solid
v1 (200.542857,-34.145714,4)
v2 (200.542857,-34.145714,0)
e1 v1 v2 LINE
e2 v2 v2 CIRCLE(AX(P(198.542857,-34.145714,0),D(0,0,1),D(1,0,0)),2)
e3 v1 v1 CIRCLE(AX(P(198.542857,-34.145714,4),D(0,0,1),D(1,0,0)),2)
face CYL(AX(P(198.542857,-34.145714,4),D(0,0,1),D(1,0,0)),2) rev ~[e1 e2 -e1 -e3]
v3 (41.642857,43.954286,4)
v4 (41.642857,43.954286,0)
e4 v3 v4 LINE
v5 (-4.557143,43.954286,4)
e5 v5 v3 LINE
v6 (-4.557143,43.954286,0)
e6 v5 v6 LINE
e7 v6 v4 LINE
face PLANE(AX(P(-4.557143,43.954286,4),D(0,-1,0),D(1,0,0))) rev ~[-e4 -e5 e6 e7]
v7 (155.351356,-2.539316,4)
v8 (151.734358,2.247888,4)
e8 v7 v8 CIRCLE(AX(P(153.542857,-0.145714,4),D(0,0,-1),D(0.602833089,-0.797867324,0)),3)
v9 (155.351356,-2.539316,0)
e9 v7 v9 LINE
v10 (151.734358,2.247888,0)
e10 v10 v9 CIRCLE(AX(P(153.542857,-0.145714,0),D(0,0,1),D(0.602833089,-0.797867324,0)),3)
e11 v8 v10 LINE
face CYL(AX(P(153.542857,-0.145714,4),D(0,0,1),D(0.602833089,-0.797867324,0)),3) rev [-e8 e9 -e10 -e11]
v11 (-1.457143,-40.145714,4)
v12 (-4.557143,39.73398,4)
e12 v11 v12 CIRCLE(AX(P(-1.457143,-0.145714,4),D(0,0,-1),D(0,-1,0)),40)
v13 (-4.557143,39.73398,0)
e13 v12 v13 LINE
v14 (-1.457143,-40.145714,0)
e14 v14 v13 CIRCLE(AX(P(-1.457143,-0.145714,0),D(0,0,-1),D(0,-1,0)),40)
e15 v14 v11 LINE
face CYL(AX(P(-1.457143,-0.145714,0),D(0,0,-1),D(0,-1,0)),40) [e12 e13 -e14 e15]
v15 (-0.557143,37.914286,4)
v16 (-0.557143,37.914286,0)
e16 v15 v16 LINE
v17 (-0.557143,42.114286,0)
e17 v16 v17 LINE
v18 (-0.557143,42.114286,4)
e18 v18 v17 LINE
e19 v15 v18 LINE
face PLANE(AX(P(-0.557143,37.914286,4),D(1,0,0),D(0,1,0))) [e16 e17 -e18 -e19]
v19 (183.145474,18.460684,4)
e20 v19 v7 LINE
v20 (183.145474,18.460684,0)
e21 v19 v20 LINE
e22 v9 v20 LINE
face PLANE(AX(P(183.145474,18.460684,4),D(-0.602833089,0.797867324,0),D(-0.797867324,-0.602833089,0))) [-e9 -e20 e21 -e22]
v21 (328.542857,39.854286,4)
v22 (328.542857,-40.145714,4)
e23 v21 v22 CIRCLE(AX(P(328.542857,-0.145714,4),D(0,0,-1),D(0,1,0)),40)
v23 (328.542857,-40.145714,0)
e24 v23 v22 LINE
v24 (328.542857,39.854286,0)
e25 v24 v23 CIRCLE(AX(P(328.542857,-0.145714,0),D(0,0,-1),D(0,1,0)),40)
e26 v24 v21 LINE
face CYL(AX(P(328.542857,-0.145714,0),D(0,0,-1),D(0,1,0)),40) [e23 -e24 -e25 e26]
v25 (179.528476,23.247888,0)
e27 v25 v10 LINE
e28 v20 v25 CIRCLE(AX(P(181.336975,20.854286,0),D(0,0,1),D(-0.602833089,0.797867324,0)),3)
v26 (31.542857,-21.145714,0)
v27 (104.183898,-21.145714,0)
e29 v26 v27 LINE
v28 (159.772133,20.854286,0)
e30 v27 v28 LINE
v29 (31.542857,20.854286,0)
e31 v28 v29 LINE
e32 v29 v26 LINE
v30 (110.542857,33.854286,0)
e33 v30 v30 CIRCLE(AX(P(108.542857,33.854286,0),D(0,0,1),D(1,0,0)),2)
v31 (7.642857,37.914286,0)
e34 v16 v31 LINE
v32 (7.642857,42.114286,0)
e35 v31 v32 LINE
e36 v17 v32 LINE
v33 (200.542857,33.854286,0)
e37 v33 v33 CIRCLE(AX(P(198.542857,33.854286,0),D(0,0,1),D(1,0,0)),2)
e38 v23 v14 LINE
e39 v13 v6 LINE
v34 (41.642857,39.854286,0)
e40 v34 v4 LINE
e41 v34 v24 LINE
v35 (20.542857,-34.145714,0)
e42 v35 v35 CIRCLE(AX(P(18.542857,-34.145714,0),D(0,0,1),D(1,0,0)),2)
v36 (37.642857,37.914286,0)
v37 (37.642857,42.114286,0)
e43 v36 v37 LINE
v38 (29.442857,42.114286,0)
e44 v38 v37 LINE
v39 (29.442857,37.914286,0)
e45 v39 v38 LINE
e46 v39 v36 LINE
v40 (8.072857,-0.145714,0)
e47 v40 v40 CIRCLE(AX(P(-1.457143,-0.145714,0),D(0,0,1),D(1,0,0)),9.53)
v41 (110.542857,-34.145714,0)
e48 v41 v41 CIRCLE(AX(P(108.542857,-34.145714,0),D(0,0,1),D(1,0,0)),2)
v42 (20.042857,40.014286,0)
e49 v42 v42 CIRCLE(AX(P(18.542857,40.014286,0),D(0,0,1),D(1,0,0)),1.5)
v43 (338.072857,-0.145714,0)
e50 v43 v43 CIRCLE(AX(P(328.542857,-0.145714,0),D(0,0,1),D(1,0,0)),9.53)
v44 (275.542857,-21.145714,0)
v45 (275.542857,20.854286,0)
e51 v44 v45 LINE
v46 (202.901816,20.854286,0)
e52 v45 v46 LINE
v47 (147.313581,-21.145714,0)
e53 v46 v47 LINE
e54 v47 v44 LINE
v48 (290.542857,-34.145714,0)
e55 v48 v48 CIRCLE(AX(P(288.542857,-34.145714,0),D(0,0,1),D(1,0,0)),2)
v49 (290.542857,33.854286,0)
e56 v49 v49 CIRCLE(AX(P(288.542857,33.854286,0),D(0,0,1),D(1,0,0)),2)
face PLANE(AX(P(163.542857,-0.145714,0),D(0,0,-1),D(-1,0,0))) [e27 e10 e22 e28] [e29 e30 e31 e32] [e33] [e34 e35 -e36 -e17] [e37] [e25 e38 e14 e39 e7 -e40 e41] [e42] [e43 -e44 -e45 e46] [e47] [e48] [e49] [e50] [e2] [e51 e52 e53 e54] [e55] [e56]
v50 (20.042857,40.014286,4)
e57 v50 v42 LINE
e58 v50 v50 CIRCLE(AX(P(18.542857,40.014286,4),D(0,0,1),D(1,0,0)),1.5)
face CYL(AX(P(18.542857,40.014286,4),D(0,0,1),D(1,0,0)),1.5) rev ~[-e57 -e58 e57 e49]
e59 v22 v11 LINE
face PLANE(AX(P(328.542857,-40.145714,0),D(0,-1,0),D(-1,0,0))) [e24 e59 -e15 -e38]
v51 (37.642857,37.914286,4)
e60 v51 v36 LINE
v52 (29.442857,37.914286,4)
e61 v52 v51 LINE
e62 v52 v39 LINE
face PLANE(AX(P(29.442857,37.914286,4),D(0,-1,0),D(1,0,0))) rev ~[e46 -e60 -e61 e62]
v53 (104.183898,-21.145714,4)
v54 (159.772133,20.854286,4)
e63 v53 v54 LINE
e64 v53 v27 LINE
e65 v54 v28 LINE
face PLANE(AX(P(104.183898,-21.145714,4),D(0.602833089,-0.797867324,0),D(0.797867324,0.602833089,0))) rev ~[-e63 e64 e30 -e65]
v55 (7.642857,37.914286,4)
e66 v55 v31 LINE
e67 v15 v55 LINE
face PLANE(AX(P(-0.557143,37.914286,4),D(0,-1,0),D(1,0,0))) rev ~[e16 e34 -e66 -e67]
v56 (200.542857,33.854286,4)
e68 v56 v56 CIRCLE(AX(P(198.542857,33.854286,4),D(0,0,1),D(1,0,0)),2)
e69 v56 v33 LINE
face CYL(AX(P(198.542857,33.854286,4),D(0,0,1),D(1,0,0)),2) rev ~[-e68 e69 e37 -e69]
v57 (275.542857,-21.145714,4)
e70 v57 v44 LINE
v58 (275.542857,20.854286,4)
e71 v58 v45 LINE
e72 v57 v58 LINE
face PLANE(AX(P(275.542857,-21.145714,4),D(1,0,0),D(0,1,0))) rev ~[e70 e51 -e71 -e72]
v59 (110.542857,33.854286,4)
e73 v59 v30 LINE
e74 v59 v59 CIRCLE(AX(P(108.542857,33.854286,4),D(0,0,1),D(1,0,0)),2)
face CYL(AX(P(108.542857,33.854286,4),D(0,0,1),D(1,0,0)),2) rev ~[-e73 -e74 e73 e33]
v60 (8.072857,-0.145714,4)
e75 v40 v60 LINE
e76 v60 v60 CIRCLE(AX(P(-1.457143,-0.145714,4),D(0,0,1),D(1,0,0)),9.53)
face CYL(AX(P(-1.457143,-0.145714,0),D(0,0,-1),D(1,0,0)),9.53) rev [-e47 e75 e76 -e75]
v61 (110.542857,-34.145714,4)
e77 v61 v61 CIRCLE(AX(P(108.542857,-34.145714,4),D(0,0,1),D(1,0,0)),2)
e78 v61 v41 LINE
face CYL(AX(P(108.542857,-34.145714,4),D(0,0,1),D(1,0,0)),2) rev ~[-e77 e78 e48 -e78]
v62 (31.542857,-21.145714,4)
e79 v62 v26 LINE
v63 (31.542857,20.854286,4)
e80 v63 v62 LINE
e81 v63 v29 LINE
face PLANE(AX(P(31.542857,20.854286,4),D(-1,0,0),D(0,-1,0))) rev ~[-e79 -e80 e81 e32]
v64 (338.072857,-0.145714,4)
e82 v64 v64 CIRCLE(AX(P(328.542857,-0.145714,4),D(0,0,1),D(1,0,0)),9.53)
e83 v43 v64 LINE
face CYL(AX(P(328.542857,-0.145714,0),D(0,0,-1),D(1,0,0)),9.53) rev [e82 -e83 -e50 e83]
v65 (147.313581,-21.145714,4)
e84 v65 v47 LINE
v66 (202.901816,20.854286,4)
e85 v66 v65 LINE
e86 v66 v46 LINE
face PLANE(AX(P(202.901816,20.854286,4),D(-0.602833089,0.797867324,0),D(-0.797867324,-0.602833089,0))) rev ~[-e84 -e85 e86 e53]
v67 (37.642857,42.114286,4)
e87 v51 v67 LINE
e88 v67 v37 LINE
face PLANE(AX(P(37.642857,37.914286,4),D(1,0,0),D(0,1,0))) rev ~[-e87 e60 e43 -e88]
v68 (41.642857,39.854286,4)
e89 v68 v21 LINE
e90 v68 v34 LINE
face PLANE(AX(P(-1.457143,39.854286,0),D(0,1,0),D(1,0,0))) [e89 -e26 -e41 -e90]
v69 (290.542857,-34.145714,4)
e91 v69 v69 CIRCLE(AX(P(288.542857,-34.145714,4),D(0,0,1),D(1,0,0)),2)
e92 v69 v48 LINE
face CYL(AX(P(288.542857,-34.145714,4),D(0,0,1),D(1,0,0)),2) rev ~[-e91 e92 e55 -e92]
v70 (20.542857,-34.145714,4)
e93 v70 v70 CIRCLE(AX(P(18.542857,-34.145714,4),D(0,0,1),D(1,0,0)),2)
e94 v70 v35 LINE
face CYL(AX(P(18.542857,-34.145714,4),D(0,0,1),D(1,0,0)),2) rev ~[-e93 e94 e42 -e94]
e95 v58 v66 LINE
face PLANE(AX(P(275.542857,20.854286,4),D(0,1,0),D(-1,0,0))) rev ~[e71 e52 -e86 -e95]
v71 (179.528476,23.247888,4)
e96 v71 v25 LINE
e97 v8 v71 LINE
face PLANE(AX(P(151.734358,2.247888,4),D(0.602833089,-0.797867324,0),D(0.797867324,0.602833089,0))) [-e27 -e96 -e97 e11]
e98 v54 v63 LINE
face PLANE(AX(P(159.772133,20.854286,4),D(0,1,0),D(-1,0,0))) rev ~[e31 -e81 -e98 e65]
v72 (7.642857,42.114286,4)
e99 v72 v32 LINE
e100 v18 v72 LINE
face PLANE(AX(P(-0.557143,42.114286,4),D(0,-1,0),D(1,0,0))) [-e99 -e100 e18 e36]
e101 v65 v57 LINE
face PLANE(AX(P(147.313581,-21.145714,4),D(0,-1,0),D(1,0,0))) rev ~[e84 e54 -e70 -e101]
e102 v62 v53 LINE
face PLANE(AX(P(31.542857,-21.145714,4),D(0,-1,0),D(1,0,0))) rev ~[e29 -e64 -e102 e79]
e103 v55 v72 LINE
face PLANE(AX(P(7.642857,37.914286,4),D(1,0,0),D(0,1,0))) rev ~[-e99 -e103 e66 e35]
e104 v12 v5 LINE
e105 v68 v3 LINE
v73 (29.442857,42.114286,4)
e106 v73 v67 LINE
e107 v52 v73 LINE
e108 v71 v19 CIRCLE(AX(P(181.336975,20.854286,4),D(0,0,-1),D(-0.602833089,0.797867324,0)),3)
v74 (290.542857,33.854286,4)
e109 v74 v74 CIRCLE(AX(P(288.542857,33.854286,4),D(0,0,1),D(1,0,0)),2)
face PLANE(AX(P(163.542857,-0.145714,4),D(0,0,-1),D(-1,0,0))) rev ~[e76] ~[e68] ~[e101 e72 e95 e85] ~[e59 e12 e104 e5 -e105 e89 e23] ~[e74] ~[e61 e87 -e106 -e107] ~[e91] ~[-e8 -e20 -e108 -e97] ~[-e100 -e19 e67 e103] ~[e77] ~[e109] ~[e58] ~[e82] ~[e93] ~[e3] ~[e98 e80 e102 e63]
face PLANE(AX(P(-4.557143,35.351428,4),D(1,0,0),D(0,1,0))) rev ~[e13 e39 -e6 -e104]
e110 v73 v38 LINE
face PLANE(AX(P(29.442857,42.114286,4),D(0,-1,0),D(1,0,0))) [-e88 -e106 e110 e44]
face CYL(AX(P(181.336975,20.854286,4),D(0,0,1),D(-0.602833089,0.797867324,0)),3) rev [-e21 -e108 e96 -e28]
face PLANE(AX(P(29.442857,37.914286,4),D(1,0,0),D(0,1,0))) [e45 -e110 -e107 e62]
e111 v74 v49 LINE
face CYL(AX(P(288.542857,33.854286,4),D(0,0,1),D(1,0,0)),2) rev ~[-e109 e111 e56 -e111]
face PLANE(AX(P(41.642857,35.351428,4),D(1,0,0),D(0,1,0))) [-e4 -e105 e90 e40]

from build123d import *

# Parameters (mm, degrees)
SKETCH_1_R          = 9.53
EXTRUDE_1_DEPTH     = 4
SKETCH_4_W          = 46.2
SKETCH_4_H          = 8.602857229
EXTRUDE_2_DEPTH     = 4
SKETCH_2_R          = 2
SKETCH_2_R_2        = 1.5
SKETCH_2_W          = 8.2
SKETCH_2_H          = 4.2
CUT_EXTRUDE_1_DEPTH = 4
CUT_EXTRUDE_2_DEPTH = 10


with BuildPart() as part:
    # 草图1 → 凸台-拉伸1 (new body)
    with BuildSketch(Plane.XY):
        with BuildLine():
            Line((328.542857143, -40.145714286), (-1.457142857, -40.145714286))
            ThreePointArc((-1.457142857, -40.145714286), (-41.457142857, -0.145714286), (-1.457142857, 39.854285714))
            Line((-1.457142857, 39.854285714), (328.542857143, 39.854285714))
            ThreePointArc((328.542857143, 39.854285714), (368.542857143, -0.145714286), (328.542857143, -40.145714286))
        make_face()
        with Locations((-1.457142857, -0.145714286)):
            Circle(SKETCH_1_R, mode=Mode.SUBTRACT)
        with Locations((328.542857143, -0.145714286)):
            Circle(SKETCH_1_R, mode=Mode.SUBTRACT)
    extrude(amount=EXTRUDE_1_DEPTH)

    # 草图4 → 凸台-拉伸2 (add)
    with BuildSketch(Plane.XY.offset(4)):
        with Locations((18.542857143, 39.652857099)):
            Rectangle(SKETCH_4_W, SKETCH_4_H)
    extrude(amount=-EXTRUDE_2_DEPTH)

    # 草图2 → 切除-拉伸1 (cut)
    with BuildSketch(Plane.XY.offset(4)):
        with Locations((108.542857143, 33.854285714)):
            Circle(SKETCH_2_R)
        with Locations((198.542857143, 33.854285714)):
            Circle(SKETCH_2_R)
        with Locations((288.542857143, 33.854285714)):
            Circle(SKETCH_2_R)
        with Locations((108.542857143, -34.145714286)):
            Circle(SKETCH_2_R)
        with Locations((198.542857143, -34.145714286)):
            Circle(SKETCH_2_R)
        with Locations((288.542857143, -34.145714286)):
            Circle(SKETCH_2_R)
        with Locations((18.542857143, -34.145714286)):
            Circle(SKETCH_2_R)
        with Locations((18.542857143, 40.014285714)):
            Circle(SKETCH_2_R_2)
        Polygon((31.542857143, -21.145714286), (104.183898028, -21.145714286), (159.772133322, 20.854285714), (31.542857143, 20.854285714), align=None)
        Polygon((275.542857143, 20.854285714), (202.901816258, 20.854285714), (147.313580964, -21.145714286), (275.542857143, -21.145714286), align=None)
        with Locations((33.542857143, 40.014285714)):
            Rectangle(SKETCH_2_W, SKETCH_2_H)
        with Locations((3.542857143, 40.014285714)):
            Rectangle(SKETCH_2_W, SKETCH_2_H)
    extrude(amount=-CUT_EXTRUDE_1_DEPTH, mode=Mode.SUBTRACT)

    # 草图3 → 切除-拉伸2 (cut)
    with BuildSketch(Plane.XY.offset(4)):
        with BuildLine():
            Line((183.145474057, 18.460683743), (155.35135641, -2.539316257))
            ThreePointArc((155.35135641, -2.539316257), (151.149255171, -1.954213553), (151.734357875, 2.247887686))
            Line((151.734357875, 2.247887686), (179.528475522, 23.247887686))
            ThreePointArc((179.528475522, 23.247887686), (183.730576762, 22.662784982), (183.145474057, 18.460683743))
        make_face()
    extrude(amount=-CUT_EXTRUDE_2_DEPTH, mode=Mode.SUBTRACT)


solid = part.part
